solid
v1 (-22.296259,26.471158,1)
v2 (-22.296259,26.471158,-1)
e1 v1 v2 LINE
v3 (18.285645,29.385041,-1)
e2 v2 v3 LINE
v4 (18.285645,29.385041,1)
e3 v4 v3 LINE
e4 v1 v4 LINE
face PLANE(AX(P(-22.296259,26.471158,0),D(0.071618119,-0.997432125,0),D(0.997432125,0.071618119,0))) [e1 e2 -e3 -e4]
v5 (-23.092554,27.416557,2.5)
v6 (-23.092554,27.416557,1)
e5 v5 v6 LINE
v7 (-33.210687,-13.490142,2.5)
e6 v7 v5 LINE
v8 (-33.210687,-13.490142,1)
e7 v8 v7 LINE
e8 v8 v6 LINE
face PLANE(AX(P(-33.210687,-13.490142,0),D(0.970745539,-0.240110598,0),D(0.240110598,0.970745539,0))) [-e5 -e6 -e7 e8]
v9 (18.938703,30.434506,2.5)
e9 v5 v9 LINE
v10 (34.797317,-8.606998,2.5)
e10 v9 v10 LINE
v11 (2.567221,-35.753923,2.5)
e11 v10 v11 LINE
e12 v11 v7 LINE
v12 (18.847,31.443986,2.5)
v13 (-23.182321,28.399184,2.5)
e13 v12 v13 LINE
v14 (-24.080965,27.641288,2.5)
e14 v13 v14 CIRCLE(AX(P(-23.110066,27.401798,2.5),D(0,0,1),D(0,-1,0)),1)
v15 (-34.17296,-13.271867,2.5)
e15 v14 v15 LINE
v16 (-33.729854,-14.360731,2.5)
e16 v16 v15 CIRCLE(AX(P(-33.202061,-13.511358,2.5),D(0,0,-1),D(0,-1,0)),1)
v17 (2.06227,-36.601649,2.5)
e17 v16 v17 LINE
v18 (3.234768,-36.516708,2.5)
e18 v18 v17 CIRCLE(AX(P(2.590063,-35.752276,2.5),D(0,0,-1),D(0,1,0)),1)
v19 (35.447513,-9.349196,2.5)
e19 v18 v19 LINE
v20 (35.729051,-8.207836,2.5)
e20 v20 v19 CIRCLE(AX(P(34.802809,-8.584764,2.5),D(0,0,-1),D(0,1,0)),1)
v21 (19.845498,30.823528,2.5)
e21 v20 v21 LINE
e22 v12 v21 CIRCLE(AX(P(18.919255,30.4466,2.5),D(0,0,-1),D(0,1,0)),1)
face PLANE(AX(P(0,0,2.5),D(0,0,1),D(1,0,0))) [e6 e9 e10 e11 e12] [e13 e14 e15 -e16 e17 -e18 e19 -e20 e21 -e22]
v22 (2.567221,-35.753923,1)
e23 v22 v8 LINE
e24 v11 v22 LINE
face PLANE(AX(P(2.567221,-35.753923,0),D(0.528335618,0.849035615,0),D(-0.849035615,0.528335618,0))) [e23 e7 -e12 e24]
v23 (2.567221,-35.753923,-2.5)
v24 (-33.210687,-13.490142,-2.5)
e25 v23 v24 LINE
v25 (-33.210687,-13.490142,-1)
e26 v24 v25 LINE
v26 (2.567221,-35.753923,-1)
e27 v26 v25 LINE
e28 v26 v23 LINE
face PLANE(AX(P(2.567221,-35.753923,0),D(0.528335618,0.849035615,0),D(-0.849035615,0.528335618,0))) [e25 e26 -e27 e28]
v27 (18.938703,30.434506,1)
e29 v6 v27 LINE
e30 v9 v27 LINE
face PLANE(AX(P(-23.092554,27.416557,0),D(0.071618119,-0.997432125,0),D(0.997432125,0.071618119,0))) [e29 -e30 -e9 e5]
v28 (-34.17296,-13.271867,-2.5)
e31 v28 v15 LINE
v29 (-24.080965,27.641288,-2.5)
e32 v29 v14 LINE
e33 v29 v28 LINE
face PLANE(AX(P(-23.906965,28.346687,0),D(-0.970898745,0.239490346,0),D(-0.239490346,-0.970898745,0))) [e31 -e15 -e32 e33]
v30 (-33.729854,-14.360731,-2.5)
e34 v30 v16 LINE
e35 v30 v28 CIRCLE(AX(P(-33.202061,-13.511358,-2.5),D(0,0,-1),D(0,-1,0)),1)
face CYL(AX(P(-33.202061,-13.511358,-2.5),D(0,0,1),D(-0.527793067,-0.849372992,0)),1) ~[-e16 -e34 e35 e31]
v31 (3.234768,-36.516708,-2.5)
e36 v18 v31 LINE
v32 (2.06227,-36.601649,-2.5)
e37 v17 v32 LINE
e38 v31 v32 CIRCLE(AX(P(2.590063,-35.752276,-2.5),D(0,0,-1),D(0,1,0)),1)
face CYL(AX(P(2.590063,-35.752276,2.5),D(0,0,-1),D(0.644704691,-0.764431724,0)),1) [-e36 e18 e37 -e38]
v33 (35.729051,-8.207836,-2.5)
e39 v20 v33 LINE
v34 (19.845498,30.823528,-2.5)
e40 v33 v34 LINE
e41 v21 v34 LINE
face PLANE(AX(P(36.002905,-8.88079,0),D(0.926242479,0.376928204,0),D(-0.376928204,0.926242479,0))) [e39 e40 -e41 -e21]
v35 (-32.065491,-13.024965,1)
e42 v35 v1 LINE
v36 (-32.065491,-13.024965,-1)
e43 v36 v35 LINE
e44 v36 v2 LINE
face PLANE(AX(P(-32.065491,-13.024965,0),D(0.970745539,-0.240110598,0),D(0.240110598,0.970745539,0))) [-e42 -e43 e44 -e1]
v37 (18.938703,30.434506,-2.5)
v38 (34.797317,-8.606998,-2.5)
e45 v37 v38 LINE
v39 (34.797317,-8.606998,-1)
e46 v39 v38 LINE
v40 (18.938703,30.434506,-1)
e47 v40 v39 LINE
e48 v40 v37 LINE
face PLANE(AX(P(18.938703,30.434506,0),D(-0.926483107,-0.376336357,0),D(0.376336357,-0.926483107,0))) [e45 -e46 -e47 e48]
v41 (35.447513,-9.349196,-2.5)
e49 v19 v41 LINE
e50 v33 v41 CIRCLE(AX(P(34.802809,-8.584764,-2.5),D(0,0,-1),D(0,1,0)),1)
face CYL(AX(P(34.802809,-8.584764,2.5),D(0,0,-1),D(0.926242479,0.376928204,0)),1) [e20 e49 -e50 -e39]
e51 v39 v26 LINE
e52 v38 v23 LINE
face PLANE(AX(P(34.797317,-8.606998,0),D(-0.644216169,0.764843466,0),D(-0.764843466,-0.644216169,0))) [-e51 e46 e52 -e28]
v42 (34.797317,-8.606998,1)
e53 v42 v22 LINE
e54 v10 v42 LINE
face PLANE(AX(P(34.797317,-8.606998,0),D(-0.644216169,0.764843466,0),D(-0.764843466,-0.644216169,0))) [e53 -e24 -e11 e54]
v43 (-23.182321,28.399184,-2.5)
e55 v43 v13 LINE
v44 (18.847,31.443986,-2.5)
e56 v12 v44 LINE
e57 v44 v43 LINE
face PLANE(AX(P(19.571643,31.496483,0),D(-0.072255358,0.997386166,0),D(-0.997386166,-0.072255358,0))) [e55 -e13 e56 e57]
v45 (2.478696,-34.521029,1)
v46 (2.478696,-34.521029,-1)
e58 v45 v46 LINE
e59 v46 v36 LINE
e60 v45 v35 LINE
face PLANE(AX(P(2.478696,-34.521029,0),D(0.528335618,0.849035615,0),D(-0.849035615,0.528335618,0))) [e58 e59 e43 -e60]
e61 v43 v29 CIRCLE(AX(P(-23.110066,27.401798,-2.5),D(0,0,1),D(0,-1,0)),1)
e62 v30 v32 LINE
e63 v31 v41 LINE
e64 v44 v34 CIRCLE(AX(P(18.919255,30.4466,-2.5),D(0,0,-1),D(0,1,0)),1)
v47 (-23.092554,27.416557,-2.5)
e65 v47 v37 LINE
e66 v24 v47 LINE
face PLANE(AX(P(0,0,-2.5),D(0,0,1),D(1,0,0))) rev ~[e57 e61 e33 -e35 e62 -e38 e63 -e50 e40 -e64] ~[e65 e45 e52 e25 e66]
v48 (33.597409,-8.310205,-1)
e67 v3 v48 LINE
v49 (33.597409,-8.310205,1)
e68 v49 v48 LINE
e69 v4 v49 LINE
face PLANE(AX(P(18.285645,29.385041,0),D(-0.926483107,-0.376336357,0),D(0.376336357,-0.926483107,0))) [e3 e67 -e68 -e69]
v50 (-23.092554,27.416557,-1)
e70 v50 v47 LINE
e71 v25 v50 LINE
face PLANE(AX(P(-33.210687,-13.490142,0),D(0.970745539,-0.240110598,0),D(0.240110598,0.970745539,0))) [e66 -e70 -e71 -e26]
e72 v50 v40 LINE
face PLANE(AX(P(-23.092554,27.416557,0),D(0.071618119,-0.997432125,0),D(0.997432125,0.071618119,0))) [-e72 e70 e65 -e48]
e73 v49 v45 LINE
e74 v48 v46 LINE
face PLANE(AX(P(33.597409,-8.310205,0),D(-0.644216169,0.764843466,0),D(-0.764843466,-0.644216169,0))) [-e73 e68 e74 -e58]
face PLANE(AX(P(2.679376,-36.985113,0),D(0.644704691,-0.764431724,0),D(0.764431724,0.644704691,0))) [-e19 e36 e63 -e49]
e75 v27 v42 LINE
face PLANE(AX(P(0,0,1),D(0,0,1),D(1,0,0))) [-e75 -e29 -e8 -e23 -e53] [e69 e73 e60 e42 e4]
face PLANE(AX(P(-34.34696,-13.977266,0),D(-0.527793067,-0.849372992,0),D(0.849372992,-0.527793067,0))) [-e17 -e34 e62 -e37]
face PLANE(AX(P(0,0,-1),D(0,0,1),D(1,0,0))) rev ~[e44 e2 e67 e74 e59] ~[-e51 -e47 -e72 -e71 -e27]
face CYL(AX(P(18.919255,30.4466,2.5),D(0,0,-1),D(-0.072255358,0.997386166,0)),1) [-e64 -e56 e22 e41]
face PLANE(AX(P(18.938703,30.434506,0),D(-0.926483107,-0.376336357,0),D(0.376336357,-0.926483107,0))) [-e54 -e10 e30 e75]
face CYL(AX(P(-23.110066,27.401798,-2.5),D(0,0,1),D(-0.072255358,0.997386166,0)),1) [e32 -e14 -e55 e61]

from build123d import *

# Parameters (mm, degrees)
F1_DEPTH = 1
F2_DEPTH = 2.5
F3_R     = 1


with BuildPart() as f1:
    # F0 (on Top) → F1 (new body, symmetric)
    with BuildSketch(Plane.XY):
        Polygon((19.571643256, 31.4964826728), (-23.9069647124, 28.3466872622), (-34.3469600161, -13.9772664763), (2.6793760122, -36.9851130144), (36.0029054603, -8.8807904443), align=None)
        Polygon((-33.2106868902, -13.4901422574), (-23.0925543436, 27.4165569635), (18.9387034188, 30.4345063154), (34.7973167593, -8.6069976298), (2.5672210558, -35.7539233917), align=None, mode=Mode.SUBTRACT)
        Polygon((18.9387034188, 30.4345063154), (-23.0925543436, 27.4165569635), (-33.2106868902, -13.4901422574), (2.5672210558, -35.7539233917), (34.7973167593, -8.6069976298), align=None)
        Polygon((-32.949379101, -13.3121576596), (-22.8425323844, 27.2230387533), (18.8319176983, 30.1369208862), (34.4812975953, -8.5973973294), (2.4786961918, -35.4504046505), align=None, mode=Mode.SUBTRACT)
        Polygon((18.8319176983, 30.1369208862), (-22.8425323844, 27.2230387533), (-32.949379101, -13.3121576596), (2.4786961918, -35.4504046505), (34.4812975953, -8.5973973294), align=None)
        Polygon((-32.0654907905, -13.0249649382), (-22.2962593663, 26.4711584475), (18.2856446802, 29.3850405804), (33.5974092848, -8.310204608), (2.4786961918, -34.5210294816), align=None, mode=Mode.SUBTRACT)
    extrude(amount=F1_DEPTH, both=True)

    # F0 (on Top) → F2 (join, symmetric)
    with BuildSketch(Plane.XY):
        Polygon((19.571643256, 31.4964826728), (-23.9069647124, 28.3466872622), (-34.3469600161, -13.9772664763), (2.6793760122, -36.9851130144), (36.0029054603, -8.8807904443), align=None)
        Polygon((-33.2106868902, -13.4901422574), (-23.0925543436, 27.4165569635), (18.9387034188, 30.4345063154), (34.7973167593, -8.6069976298), (2.5672210558, -35.7539233917), align=None, mode=Mode.SUBTRACT)
    extrude(amount=F2_DEPTH, both=True)

    # F3
    f3_edges = [f1.edges().sort_by_distance(p)[0] for p in [
        (36.002905, -8.88079, 0),
        (2.679376, -36.985113, 0),
        (-34.34696, -13.977266, 0),
        (-23.906965, 28.346687, 0),
        (19.571643, 31.496483, 0),
    ]]
    fillet(f3_edges, radius=F3_R)


solid = f1.part
